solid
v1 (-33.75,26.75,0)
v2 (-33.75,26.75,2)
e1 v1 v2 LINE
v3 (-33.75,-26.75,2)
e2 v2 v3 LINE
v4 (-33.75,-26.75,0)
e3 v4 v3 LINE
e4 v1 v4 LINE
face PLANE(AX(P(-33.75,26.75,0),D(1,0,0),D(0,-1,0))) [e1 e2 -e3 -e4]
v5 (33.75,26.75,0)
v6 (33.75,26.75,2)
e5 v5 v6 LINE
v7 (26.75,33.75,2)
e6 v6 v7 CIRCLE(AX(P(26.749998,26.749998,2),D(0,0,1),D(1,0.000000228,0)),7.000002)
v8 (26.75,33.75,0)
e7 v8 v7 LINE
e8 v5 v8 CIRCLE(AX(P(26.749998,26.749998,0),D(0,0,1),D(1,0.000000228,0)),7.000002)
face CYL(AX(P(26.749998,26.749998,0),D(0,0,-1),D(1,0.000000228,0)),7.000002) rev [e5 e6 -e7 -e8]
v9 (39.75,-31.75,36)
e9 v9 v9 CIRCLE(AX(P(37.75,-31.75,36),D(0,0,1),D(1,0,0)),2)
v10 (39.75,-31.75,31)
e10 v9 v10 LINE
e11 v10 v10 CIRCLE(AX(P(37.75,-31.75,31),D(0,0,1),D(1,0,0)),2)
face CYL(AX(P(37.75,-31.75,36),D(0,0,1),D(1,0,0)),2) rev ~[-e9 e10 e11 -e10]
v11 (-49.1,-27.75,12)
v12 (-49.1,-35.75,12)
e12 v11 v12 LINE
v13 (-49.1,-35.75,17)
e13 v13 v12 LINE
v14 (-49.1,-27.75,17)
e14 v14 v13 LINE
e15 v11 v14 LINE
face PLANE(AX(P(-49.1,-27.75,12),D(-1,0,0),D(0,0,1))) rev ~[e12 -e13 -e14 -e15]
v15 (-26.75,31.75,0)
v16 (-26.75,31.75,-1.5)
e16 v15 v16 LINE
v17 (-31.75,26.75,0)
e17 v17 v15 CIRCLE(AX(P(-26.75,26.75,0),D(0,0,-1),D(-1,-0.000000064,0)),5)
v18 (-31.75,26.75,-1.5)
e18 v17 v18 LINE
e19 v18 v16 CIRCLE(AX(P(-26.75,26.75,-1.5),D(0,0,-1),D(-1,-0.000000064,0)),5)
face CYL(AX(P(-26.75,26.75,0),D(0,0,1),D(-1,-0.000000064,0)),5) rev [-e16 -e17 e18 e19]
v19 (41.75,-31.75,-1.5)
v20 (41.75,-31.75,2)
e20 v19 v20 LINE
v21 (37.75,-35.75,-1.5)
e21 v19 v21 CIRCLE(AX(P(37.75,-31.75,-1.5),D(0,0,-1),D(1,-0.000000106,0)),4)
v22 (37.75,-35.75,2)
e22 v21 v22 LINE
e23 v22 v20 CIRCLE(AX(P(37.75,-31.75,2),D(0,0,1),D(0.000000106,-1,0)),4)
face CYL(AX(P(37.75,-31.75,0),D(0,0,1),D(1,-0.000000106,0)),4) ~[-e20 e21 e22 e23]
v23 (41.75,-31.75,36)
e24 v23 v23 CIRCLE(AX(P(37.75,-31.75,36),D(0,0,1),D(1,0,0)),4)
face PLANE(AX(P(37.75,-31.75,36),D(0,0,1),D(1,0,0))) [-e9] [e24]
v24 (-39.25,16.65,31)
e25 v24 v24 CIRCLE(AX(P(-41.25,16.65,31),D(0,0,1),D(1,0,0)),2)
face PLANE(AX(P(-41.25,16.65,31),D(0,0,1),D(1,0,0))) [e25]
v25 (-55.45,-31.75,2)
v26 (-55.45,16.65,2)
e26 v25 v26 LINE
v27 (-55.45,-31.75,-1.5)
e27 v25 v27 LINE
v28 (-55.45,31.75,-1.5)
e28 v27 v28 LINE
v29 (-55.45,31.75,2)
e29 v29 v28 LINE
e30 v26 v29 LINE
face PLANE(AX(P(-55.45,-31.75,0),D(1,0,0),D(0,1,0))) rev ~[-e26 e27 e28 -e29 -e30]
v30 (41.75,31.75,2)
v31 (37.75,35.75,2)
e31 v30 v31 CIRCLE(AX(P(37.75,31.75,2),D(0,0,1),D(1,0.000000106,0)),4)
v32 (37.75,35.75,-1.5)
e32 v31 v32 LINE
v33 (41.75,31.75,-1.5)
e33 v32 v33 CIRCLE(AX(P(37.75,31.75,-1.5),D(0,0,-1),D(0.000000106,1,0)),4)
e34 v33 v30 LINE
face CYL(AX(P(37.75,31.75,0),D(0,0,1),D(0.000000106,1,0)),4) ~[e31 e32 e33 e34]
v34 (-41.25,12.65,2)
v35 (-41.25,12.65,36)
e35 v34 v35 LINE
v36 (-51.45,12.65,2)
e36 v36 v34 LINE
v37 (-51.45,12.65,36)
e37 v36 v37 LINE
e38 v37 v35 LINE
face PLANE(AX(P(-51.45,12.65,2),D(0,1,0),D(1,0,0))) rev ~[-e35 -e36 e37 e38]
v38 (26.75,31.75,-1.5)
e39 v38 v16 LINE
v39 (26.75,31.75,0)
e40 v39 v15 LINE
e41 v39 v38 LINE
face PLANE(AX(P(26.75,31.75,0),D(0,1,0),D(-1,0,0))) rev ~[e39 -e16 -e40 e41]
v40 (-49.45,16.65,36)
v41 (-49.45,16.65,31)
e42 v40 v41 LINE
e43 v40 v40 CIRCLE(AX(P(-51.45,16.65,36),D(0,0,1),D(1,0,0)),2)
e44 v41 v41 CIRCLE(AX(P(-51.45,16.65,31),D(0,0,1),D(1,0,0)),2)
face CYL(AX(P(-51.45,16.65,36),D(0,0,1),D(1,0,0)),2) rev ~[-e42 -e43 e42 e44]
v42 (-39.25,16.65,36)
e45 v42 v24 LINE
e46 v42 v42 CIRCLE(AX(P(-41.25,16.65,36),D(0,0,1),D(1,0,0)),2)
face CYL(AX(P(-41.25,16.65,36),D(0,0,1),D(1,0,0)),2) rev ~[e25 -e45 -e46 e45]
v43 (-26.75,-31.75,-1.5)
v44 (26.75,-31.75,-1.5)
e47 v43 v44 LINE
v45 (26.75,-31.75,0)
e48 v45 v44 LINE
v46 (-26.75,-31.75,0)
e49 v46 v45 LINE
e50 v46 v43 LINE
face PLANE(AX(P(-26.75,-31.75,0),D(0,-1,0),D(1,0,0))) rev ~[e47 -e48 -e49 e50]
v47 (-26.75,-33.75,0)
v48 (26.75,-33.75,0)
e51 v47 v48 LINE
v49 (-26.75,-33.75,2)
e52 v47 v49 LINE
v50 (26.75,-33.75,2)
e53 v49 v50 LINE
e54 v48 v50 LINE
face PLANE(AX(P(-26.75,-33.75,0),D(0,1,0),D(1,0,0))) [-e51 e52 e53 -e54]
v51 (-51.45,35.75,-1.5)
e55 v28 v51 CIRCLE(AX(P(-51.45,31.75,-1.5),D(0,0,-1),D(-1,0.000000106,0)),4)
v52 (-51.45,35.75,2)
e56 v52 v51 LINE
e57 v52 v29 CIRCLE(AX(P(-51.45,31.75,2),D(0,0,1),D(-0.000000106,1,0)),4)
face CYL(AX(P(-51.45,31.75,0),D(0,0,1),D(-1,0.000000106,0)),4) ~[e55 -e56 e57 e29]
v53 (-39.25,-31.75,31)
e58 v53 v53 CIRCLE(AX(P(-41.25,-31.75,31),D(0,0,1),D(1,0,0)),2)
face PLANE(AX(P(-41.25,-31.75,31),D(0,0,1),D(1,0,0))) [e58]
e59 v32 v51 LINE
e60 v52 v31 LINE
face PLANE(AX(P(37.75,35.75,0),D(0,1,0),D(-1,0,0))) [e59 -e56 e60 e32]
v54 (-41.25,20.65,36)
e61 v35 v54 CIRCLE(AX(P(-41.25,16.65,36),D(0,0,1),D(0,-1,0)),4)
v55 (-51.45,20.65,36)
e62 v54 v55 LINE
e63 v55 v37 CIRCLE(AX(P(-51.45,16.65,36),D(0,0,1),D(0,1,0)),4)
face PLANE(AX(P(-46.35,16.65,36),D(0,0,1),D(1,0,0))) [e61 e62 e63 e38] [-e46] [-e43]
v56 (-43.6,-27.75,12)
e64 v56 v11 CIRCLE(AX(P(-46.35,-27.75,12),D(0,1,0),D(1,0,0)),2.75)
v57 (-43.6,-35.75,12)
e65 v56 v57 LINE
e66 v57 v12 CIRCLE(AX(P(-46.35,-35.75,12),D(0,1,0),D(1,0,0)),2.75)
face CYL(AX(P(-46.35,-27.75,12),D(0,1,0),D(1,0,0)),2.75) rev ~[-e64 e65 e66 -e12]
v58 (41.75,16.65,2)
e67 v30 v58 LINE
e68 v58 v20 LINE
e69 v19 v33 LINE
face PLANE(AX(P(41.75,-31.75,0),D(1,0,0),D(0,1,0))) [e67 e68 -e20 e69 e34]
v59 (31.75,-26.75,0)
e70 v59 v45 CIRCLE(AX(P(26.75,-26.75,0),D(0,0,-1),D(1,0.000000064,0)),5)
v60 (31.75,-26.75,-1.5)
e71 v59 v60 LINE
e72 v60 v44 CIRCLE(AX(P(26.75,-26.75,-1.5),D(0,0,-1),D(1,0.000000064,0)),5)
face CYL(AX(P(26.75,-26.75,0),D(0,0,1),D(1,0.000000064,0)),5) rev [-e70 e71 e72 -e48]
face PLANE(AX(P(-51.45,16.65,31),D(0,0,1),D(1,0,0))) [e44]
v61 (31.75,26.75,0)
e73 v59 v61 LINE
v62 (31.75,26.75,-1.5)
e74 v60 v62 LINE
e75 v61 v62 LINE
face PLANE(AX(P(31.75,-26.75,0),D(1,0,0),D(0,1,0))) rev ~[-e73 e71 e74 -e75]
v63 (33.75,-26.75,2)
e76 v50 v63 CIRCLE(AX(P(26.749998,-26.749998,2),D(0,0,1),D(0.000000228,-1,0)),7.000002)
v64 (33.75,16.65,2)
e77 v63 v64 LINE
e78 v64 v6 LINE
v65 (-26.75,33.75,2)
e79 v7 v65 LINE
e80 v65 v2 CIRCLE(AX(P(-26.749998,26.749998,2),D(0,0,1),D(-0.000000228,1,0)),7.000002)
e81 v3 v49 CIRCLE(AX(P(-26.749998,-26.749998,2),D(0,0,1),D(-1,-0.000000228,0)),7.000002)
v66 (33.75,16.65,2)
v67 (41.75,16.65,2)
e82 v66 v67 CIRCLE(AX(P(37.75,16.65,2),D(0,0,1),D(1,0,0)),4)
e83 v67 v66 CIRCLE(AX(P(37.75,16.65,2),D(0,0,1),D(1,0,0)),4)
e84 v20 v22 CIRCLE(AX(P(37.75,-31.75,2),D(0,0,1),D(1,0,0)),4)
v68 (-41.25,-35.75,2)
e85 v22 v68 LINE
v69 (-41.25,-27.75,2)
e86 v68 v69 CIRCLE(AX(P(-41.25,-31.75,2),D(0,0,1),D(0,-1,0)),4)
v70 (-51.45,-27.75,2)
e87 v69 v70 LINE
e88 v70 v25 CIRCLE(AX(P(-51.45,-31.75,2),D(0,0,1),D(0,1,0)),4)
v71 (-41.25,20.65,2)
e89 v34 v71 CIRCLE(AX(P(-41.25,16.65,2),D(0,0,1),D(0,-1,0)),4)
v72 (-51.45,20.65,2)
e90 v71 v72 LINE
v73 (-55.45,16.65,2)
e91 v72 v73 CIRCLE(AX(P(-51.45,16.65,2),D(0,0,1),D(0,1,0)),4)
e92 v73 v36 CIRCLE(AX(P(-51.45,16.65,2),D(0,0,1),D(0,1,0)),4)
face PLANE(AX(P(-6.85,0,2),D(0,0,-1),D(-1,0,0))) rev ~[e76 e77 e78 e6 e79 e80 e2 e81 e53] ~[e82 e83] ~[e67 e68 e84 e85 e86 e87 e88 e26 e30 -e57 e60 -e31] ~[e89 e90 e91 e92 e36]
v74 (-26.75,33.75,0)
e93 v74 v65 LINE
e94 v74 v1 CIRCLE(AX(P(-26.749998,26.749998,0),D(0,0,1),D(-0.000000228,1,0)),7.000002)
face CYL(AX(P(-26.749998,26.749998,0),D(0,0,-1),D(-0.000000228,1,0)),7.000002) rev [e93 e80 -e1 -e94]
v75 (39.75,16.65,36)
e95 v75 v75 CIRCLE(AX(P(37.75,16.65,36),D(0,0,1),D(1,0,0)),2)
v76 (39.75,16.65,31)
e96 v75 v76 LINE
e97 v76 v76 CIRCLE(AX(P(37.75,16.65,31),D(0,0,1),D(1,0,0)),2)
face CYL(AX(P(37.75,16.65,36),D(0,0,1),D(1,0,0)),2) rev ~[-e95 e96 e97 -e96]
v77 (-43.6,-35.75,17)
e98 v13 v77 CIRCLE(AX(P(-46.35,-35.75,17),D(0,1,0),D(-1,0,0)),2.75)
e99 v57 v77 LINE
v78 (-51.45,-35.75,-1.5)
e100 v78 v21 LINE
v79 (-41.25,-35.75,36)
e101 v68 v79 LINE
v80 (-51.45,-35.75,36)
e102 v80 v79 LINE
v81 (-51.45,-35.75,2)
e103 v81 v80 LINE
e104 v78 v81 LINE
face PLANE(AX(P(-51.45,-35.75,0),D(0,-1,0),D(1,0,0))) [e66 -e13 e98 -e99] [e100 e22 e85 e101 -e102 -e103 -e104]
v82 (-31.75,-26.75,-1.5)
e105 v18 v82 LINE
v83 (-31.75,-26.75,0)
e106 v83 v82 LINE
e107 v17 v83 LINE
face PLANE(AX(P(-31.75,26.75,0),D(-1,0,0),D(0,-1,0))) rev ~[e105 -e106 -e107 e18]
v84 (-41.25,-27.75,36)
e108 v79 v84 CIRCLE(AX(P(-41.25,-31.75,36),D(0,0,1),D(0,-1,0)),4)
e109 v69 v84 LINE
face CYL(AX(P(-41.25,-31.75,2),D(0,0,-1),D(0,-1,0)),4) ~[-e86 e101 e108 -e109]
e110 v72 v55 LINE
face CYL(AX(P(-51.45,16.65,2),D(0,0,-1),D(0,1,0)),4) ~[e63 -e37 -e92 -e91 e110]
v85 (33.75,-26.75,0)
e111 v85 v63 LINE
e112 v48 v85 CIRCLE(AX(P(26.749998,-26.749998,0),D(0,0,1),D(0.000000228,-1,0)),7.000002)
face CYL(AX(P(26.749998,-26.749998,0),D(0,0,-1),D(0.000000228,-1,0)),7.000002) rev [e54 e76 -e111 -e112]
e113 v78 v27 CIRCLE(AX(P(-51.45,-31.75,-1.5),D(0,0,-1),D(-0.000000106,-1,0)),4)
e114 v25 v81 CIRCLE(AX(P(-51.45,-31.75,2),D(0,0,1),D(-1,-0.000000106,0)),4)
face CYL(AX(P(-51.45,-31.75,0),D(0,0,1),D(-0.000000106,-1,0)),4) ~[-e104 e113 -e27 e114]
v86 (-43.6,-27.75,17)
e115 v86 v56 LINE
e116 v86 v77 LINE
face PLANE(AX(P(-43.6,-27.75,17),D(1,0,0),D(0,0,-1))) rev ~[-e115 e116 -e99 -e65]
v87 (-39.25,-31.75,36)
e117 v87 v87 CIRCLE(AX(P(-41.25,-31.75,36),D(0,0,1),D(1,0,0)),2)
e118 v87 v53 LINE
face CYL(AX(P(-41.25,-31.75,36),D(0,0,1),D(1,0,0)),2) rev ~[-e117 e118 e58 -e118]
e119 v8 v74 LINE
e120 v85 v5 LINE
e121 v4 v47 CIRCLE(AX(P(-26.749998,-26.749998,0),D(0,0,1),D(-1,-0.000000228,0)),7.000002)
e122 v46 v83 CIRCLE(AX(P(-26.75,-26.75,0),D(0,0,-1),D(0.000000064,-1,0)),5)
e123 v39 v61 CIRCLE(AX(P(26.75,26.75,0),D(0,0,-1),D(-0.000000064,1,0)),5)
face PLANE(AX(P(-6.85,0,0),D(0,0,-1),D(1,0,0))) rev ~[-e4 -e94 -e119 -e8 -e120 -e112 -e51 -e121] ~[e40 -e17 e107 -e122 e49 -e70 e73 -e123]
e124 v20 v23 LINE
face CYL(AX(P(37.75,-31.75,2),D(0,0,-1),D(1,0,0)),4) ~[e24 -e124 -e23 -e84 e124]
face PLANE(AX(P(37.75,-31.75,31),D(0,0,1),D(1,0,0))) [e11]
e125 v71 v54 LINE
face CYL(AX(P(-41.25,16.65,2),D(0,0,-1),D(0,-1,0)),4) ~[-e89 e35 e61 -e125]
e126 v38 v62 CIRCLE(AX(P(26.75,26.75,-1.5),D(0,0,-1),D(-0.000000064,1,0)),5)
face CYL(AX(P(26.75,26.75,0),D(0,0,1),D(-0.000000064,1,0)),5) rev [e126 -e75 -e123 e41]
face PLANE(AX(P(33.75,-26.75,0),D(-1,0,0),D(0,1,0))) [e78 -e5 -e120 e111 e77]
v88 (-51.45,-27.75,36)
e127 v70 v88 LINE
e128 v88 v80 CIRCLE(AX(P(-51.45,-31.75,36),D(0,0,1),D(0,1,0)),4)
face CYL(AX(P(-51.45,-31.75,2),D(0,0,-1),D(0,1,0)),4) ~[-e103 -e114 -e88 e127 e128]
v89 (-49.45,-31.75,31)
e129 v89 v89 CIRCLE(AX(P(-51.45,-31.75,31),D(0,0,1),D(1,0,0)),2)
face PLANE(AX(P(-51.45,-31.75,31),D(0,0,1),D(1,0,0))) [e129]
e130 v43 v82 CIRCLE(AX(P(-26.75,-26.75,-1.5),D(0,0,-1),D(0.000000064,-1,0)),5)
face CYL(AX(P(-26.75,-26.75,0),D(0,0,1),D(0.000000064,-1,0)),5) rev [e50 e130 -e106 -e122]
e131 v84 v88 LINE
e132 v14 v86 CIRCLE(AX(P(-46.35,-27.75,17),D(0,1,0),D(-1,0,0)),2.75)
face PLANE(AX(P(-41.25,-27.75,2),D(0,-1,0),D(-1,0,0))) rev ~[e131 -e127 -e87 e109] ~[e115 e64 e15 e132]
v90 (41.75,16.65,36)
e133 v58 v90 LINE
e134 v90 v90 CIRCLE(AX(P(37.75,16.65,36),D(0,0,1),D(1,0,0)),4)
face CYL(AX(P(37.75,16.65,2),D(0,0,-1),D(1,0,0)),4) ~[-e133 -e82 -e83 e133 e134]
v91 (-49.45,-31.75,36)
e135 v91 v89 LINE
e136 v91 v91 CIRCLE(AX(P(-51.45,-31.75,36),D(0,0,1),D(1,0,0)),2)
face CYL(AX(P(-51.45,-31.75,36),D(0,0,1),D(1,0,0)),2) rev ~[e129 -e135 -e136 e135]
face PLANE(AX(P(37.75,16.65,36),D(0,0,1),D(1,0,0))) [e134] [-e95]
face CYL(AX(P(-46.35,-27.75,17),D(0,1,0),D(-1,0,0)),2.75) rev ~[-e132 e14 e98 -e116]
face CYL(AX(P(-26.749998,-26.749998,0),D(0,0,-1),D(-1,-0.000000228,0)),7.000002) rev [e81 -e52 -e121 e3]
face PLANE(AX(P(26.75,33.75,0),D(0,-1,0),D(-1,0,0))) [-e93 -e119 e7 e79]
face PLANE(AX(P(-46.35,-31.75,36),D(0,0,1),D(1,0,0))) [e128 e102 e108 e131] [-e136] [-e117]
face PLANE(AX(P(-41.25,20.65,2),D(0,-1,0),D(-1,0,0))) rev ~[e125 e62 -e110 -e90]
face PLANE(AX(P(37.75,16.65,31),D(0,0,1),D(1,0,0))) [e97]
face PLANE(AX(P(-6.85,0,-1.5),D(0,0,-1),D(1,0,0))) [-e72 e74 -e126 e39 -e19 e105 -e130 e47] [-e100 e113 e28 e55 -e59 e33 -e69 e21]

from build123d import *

# Parameters (mm, degrees)
PAD_DEPTH       = 2
PAD001_DEPTH    = 1.5
SKETCH002_R     = 4
PAD002_DEPTH    = 34
POCKET_DEPTH    = 8.001
SKETCH009_R     = 2
POCKET003_DEPTH = 5


with BuildPart() as part:
    # Sketch → Pad (new body)
    with BuildSketch(Plane.XY):
        with BuildLine():
            Line((-51.45, 35.75), (37.75, 35.75))
            ThreePointArc((41.75, 31.75), (40.578427, 34.578427), (37.75, 35.75))
            Line((41.75, 31.75), (41.75, -31.75))
            ThreePointArc((37.75, -35.75), (40.578427, -34.578427), (41.75, -31.75))
            Line((37.75, -35.75), (-51.45, -35.75))
            ThreePointArc((-55.45, -31.75), (-54.278427, -34.578427), (-51.45, -35.75))
            Line((-55.45, -31.75), (-55.45, 31.75))
            ThreePointArc((-51.45, 35.75), (-54.278427, 34.578427), (-55.45, 31.75))
        make_face()
        with BuildLine():
            Line((-26.75, -33.75), (26.75, -33.75))
            ThreePointArc((26.75, -33.75), (31.699747, -31.699747), (33.75, -26.75))
            Line((33.75, -26.75), (33.75, 26.75))
            ThreePointArc((33.75, 26.75), (31.699747, 31.699747), (26.75, 33.75))
            Line((26.75, 33.75), (-26.75, 33.75))
            ThreePointArc((-26.75, 33.75), (-31.699747, 31.699747), (-33.75, 26.75))
            Line((-33.75, 26.75), (-33.75, -26.75))
            ThreePointArc((-33.75, -26.75), (-31.699747, -31.699747), (-26.75, -33.75))
        make_face(mode=Mode.SUBTRACT)
    extrude(amount=PAD_DEPTH)

    # Sketch001 (on Face17 of Pad) → Pad001 (join)
    with BuildSketch(Plane(origin=(0, 0, 0), x_dir=(1, 0, 0), z_dir=(0, 0, -1))):
        with BuildLine():
            ThreePointArc((-51.45, 35.75), (-54.278427, 34.578427), (-55.45, 31.75))
            Line((-55.45, 31.75), (-55.45, -31.75))
            ThreePointArc((-55.45, -31.75), (-54.278427, -34.578427), (-51.45, -35.75))
            Line((37.75, -35.75), (-51.45, -35.75))
            ThreePointArc((37.75, -35.75), (40.578427, -34.578427), (41.75, -31.75))
            Line((41.75, 31.75), (41.75, -31.75))
            ThreePointArc((41.75, 31.75), (40.578427, 34.578427), (37.75, 35.75))
            Line((-51.45, 35.75), (37.75, 35.75))
        make_face()
        with BuildLine():
            ThreePointArc((-26.75, 31.75), (-30.285534, 30.285534), (-31.75, 26.75))
            Line((-31.75, -26.75), (-31.75, 26.75))
            ThreePointArc((-31.75, -26.75), (-30.285534, -30.285534), (-26.75, -31.75))
            Line((26.75, -31.75), (-26.75, -31.75))
            ThreePointArc((26.75, -31.75), (30.285534, -30.285534), (31.75, -26.75))
            Line((31.75, 26.75), (31.75, -26.75))
            ThreePointArc((31.75, 26.75), (30.285534, 30.285534), (26.75, 31.75))
            Line((-26.75, 31.75), (26.75, 31.75))
        make_face(mode=Mode.SUBTRACT)
    extrude(amount=PAD001_DEPTH)

    # Sketch002 (on Face5 of Pad001) → Pad002 (join)
    with BuildSketch(Plane.XY.offset(2)):
        with Locations((37.75, -31.75)):
            Circle(SKETCH002_R)
        with Locations((37.75, 16.65)):
            Circle(SKETCH002_R)
        with BuildLine():
            ThreePointArc((-51.45, 20.65), (-55.45, 16.65), (-51.45, 12.65))
            Line((-51.45, 12.65), (-41.25, 12.65))
            ThreePointArc((-41.25, 12.65), (-37.25, 16.65), (-41.25, 20.65))
            Line((-41.25, 20.65), (-51.45, 20.65))
        make_face()
        with BuildLine():
            ThreePointArc((-41.25, -35.75), (-37.25, -31.75), (-41.25, -27.75))
            Line((-41.25, -27.75), (-51.45, -27.75))
            ThreePointArc((-51.45, -27.75), (-55.45, -31.75), (-51.45, -35.75))
            Line((-51.45, -35.75), (-41.25, -35.75))
        make_face()
    extrude(amount=PAD002_DEPTH)

    # Sketch003 (on Face16 of Pad002) → Pocket (cut, through all)
    with BuildSketch(Plane(origin=(0, -27.75, 0), x_dir=(-1, 0, 0), z_dir=(0, 1, 0))):
        with BuildLine():
            ThreePointArc((43.6, 12), (46.35, 9.25), (49.1, 12))
            Line((49.1, 12), (49.1, 17))
            ThreePointArc((49.1, 17), (46.35, 19.75), (43.6, 17))
            Line((43.6, 17), (43.6, 12))
        make_face()
    extrude(amount=-POCKET_DEPTH, mode=Mode.SUBTRACT)

    # Sketch009 (on Face33 of Pocket) → Pocket003 (cut)
    with BuildSketch(Plane.XY.offset(36)):
        with Locations((-51.45, 16.65)):
            Circle(SKETCH009_R)
        with Locations((-41.25, 16.65)):
            Circle(SKETCH009_R)
        with Locations((37.75, 16.65)):
            Circle(SKETCH009_R)
        with Locations((37.75, -31.75)):
            Circle(SKETCH009_R)
        with Locations((-41.25, -31.75)):
            Circle(SKETCH009_R)
        with Locations((-51.45, -31.75)):
            Circle(SKETCH009_R)
    extrude(amount=-POCKET003_DEPTH, mode=Mode.SUBTRACT)


solid = part.part
